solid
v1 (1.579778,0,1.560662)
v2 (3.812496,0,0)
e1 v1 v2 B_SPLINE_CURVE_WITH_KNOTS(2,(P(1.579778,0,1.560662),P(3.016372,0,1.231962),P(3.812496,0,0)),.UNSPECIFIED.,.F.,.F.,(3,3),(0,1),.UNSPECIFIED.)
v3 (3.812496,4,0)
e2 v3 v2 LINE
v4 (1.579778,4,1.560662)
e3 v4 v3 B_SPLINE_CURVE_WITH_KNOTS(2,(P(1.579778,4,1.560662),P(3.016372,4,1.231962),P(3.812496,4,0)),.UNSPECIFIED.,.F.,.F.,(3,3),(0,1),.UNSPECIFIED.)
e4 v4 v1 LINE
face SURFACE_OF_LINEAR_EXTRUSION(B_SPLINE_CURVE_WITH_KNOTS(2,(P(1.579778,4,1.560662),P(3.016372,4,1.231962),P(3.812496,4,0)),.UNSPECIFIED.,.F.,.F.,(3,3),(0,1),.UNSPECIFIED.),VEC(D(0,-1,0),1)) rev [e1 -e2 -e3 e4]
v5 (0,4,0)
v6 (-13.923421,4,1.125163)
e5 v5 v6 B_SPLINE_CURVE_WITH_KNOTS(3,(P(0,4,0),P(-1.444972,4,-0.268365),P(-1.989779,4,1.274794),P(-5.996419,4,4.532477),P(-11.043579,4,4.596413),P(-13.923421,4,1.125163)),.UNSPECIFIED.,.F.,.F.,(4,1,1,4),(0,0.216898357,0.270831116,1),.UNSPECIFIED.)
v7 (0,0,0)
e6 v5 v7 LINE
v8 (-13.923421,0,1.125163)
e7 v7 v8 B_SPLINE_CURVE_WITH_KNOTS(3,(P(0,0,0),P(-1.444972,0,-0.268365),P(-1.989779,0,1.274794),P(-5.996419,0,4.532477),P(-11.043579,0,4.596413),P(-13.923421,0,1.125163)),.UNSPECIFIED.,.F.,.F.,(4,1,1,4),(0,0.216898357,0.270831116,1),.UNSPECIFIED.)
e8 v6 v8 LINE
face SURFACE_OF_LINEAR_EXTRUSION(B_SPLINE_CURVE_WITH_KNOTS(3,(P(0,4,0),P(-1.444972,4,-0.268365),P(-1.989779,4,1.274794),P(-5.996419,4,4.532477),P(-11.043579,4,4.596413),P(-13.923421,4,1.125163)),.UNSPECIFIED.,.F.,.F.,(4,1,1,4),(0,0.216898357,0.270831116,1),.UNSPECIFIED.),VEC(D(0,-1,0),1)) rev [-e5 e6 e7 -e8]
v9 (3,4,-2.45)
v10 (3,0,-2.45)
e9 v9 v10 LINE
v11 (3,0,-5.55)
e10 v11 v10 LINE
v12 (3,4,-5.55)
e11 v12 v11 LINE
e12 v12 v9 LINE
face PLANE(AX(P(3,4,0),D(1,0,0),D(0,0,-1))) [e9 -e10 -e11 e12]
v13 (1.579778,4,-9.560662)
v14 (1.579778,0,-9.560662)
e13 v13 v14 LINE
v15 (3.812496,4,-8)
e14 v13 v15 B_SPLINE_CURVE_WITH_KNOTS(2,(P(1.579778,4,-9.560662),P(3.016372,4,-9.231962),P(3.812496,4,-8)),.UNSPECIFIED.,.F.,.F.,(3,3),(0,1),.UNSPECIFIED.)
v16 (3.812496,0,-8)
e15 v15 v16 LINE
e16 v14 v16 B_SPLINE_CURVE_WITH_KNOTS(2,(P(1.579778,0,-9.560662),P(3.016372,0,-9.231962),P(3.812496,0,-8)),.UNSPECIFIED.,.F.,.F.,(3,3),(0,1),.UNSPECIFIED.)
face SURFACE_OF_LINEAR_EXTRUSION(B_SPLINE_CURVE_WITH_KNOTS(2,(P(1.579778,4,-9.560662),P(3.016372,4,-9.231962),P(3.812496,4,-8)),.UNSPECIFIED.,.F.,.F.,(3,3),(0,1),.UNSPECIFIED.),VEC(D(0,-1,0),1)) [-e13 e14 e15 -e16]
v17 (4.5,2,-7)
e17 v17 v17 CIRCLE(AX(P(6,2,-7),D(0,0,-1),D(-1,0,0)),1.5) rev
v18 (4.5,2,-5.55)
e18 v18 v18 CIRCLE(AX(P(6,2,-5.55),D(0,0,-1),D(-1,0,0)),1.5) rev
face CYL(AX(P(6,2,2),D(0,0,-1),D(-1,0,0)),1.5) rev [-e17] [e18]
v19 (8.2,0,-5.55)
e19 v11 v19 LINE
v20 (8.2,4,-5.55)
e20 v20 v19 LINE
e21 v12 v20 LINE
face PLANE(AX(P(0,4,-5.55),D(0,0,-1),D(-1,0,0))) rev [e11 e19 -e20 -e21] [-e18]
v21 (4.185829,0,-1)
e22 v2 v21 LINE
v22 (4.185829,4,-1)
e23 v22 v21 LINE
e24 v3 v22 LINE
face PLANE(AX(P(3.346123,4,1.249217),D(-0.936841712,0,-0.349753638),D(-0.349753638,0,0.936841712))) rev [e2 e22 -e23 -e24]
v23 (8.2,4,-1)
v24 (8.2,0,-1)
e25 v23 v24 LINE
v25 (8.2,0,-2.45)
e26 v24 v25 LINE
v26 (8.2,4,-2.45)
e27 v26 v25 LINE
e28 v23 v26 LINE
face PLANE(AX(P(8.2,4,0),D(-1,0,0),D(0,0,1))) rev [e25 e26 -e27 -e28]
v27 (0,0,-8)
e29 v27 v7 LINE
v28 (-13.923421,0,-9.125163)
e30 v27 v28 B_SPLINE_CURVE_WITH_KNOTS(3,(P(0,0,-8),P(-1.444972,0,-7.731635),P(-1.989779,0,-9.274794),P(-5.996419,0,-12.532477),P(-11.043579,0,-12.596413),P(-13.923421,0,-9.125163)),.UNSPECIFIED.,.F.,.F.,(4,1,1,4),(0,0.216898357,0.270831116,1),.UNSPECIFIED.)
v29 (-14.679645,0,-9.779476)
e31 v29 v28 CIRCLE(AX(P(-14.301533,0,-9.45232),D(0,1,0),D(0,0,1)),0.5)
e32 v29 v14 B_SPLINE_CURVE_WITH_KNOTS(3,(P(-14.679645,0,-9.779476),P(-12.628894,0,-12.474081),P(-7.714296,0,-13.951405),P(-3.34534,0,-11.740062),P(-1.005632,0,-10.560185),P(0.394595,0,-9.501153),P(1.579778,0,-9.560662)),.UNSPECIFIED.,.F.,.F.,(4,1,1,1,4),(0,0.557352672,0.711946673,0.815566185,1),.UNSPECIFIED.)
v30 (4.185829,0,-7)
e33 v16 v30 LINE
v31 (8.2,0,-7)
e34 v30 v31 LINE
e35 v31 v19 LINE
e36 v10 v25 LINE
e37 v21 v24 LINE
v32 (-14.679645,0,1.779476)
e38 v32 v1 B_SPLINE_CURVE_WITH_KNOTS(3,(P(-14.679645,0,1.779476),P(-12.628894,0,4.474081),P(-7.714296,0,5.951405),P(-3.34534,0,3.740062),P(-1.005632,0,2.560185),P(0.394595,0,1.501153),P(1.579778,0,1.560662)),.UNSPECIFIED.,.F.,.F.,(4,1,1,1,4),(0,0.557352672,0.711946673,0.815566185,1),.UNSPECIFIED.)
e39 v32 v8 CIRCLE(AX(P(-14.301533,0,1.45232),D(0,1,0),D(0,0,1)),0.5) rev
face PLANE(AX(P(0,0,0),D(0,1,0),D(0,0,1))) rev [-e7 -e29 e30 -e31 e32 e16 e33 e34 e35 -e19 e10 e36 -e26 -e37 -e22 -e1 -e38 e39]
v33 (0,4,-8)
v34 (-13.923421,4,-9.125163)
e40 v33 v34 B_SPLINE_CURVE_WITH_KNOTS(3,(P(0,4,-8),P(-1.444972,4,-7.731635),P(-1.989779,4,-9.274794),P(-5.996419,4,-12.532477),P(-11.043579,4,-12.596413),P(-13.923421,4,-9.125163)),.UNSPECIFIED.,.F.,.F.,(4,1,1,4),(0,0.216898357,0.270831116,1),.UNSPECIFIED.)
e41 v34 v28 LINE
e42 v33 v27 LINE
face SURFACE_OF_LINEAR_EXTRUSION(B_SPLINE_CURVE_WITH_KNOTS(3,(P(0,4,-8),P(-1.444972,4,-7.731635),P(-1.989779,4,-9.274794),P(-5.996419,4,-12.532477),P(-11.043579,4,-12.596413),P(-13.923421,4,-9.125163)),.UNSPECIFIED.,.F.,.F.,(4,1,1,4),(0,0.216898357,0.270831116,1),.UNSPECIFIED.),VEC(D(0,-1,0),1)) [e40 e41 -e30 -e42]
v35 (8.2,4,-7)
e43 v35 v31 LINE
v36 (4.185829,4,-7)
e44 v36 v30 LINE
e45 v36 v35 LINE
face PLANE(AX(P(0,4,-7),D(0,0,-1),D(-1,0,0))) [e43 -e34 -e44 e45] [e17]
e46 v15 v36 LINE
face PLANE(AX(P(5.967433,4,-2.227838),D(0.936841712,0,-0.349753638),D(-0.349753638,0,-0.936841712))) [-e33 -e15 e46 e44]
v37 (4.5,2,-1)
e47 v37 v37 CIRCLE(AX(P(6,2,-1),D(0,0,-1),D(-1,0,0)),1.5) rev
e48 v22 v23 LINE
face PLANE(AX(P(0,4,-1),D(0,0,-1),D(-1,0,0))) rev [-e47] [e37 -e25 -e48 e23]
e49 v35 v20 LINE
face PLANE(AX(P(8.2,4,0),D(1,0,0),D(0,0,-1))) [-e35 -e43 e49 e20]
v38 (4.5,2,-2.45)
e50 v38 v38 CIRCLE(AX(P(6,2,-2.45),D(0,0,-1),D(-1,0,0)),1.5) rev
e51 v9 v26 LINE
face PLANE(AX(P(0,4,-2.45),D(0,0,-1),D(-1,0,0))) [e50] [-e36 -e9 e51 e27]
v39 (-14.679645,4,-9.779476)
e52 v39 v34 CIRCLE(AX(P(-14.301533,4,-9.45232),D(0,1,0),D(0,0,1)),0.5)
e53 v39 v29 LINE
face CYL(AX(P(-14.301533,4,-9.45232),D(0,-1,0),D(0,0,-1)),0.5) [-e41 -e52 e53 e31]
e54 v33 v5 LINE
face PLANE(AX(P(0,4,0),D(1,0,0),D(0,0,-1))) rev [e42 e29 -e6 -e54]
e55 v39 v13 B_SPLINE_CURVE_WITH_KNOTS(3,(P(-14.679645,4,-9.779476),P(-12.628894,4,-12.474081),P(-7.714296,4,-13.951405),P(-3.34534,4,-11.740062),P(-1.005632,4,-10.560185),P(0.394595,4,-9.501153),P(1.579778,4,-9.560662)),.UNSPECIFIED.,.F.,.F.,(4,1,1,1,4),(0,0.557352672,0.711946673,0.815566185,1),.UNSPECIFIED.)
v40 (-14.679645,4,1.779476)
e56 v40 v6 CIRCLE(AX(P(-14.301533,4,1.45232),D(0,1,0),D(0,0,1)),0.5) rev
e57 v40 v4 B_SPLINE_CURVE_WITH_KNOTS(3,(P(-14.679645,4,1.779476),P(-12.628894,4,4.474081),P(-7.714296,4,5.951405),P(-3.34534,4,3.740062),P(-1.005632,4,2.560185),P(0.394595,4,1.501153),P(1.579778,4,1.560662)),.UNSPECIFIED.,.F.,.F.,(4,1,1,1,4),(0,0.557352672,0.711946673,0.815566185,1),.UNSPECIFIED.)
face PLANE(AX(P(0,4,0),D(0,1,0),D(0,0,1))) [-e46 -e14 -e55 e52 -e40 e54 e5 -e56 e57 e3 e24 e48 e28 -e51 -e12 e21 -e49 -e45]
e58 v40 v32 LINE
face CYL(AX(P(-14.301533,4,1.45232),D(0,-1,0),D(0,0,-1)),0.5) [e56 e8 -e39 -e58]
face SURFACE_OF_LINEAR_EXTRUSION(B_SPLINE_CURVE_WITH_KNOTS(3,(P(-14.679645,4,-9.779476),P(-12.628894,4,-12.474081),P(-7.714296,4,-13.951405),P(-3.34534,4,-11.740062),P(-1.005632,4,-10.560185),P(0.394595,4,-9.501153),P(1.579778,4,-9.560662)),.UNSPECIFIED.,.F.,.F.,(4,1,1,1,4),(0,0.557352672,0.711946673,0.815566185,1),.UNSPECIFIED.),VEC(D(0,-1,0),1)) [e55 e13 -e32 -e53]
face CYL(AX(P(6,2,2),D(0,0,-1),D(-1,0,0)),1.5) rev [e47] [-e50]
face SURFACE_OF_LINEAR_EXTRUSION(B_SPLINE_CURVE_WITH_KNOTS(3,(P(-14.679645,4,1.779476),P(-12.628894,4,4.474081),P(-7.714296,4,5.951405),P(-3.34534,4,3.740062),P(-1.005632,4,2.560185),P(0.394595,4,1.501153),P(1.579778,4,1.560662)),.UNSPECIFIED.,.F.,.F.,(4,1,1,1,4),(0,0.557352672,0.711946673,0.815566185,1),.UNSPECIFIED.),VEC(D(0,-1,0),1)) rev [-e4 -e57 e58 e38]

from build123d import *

# Parameters (mm, degrees)
BOSS_EXTRUDE1_DEPTH = 4
SKETCH2_R           = 1.5
CUT_EXTRUDE1_DEPTH  = 10


with BuildPart() as part:
    # Sketch1 → Boss-Extrude1 (new body)
    with BuildSketch(Plane(origin=(0, 0, 0), x_dir=(1, 0, 0), z_dir=(0, 1, 0))):
        with BuildLine():
            Line((0, 8), (0, 0))
            add(Edge.make_bspline(
                [(0, 0), (-1.444972113, 0.268364939), (-1.989778669, -1.274793611), (-5.99641862, -4.532476754), (-11.043579326, -4.596412752), (-13.923421089, -1.125163293)],
                knots=[0, 0, 0, 0, 0.216898357, 0.270831116, 1, 1, 1, 1], degree=3))
            ThreePointArc((-13.923421089, -1.125163293), (-14.628689505, -1.074207804), (-14.679644993, -1.77947622))
            add(Edge.make_bspline(
                [(-14.679644993, -1.77947622), (-12.628894453, -4.474080979), (-7.714296312, -5.95140451), (-3.34534031, -3.74006244), (-1.005631641, -2.560185408), (0.394595325, -1.501153093), (1.579778317, -1.560661502)],
                knots=[0, 0, 0, 0, 0.557352672, 0.711946673, 0.815566185, 1, 1, 1, 1], degree=3))
            add(Edge.make_bspline(
                [(1.579778317, -1.560661502), (3.016371883, -1.23196193), (3.812496302, 0)],
                knots=[0, 0, 0, 1, 1, 1], degree=2))
            Line((3.812496302, 0), (4.185828994, 1))
            Line((4.185828994, 1), (8.2, 1))
            Line((8.2, 1), (8.2, 2.45))
            Line((8.2, 2.45), (3, 2.45))
            Line((3, 2.45), (3, 5.55))
            Line((3, 5.55), (8.2, 5.55))
            Line((8.2, 5.55), (8.2, 7))
            Line((8.2, 7), (4.185828994, 7))
            Line((4.185828994, 7), (3.812496302, 8))
            add(Edge.make_bspline(
                [(1.579778317, 9.560661502), (3.016371883, 9.23196193), (3.812496302, 8)],
                knots=[0, 0, 0, 1, 1, 1], degree=2))
            add(Edge.make_bspline(
                [(-14.679644993, 9.77947622), (-12.628894453, 12.474080979), (-7.714296312, 13.95140451), (-3.34534031, 11.74006244), (-1.005631641, 10.560185408), (0.394595325, 9.501153093), (1.579778317, 9.560661502)],
                knots=[0, 0, 0, 0, 0.557352672, 0.711946673, 0.815566185, 1, 1, 1, 1], degree=3))
            ThreePointArc((-14.679644993, 9.77947622), (-14.628689505, 9.074207804), (-13.923421089, 9.125163293))
            add(Edge.make_bspline(
                [(0, 8), (-1.444972113, 7.731635061), (-1.989778669, 9.274793611), (-5.99641862, 12.532476754), (-11.043579326, 12.596412752), (-13.923421089, 9.125163293)],
                knots=[0, 0, 0, 0, 0.216898357, 0.270831116, 1, 1, 1, 1], degree=3))
        make_face()
    extrude(amount=BOSS_EXTRUDE1_DEPTH)

    # Sketch2 → Cut-Extrude1 (cut)
    with BuildSketch(Plane.XY.offset(-8)):
        with Locations((6, 2)):
            Circle(SKETCH2_R)
    extrude(amount=CUT_EXTRUDE1_DEPTH, mode=Mode.SUBTRACT)


solid = part.part
